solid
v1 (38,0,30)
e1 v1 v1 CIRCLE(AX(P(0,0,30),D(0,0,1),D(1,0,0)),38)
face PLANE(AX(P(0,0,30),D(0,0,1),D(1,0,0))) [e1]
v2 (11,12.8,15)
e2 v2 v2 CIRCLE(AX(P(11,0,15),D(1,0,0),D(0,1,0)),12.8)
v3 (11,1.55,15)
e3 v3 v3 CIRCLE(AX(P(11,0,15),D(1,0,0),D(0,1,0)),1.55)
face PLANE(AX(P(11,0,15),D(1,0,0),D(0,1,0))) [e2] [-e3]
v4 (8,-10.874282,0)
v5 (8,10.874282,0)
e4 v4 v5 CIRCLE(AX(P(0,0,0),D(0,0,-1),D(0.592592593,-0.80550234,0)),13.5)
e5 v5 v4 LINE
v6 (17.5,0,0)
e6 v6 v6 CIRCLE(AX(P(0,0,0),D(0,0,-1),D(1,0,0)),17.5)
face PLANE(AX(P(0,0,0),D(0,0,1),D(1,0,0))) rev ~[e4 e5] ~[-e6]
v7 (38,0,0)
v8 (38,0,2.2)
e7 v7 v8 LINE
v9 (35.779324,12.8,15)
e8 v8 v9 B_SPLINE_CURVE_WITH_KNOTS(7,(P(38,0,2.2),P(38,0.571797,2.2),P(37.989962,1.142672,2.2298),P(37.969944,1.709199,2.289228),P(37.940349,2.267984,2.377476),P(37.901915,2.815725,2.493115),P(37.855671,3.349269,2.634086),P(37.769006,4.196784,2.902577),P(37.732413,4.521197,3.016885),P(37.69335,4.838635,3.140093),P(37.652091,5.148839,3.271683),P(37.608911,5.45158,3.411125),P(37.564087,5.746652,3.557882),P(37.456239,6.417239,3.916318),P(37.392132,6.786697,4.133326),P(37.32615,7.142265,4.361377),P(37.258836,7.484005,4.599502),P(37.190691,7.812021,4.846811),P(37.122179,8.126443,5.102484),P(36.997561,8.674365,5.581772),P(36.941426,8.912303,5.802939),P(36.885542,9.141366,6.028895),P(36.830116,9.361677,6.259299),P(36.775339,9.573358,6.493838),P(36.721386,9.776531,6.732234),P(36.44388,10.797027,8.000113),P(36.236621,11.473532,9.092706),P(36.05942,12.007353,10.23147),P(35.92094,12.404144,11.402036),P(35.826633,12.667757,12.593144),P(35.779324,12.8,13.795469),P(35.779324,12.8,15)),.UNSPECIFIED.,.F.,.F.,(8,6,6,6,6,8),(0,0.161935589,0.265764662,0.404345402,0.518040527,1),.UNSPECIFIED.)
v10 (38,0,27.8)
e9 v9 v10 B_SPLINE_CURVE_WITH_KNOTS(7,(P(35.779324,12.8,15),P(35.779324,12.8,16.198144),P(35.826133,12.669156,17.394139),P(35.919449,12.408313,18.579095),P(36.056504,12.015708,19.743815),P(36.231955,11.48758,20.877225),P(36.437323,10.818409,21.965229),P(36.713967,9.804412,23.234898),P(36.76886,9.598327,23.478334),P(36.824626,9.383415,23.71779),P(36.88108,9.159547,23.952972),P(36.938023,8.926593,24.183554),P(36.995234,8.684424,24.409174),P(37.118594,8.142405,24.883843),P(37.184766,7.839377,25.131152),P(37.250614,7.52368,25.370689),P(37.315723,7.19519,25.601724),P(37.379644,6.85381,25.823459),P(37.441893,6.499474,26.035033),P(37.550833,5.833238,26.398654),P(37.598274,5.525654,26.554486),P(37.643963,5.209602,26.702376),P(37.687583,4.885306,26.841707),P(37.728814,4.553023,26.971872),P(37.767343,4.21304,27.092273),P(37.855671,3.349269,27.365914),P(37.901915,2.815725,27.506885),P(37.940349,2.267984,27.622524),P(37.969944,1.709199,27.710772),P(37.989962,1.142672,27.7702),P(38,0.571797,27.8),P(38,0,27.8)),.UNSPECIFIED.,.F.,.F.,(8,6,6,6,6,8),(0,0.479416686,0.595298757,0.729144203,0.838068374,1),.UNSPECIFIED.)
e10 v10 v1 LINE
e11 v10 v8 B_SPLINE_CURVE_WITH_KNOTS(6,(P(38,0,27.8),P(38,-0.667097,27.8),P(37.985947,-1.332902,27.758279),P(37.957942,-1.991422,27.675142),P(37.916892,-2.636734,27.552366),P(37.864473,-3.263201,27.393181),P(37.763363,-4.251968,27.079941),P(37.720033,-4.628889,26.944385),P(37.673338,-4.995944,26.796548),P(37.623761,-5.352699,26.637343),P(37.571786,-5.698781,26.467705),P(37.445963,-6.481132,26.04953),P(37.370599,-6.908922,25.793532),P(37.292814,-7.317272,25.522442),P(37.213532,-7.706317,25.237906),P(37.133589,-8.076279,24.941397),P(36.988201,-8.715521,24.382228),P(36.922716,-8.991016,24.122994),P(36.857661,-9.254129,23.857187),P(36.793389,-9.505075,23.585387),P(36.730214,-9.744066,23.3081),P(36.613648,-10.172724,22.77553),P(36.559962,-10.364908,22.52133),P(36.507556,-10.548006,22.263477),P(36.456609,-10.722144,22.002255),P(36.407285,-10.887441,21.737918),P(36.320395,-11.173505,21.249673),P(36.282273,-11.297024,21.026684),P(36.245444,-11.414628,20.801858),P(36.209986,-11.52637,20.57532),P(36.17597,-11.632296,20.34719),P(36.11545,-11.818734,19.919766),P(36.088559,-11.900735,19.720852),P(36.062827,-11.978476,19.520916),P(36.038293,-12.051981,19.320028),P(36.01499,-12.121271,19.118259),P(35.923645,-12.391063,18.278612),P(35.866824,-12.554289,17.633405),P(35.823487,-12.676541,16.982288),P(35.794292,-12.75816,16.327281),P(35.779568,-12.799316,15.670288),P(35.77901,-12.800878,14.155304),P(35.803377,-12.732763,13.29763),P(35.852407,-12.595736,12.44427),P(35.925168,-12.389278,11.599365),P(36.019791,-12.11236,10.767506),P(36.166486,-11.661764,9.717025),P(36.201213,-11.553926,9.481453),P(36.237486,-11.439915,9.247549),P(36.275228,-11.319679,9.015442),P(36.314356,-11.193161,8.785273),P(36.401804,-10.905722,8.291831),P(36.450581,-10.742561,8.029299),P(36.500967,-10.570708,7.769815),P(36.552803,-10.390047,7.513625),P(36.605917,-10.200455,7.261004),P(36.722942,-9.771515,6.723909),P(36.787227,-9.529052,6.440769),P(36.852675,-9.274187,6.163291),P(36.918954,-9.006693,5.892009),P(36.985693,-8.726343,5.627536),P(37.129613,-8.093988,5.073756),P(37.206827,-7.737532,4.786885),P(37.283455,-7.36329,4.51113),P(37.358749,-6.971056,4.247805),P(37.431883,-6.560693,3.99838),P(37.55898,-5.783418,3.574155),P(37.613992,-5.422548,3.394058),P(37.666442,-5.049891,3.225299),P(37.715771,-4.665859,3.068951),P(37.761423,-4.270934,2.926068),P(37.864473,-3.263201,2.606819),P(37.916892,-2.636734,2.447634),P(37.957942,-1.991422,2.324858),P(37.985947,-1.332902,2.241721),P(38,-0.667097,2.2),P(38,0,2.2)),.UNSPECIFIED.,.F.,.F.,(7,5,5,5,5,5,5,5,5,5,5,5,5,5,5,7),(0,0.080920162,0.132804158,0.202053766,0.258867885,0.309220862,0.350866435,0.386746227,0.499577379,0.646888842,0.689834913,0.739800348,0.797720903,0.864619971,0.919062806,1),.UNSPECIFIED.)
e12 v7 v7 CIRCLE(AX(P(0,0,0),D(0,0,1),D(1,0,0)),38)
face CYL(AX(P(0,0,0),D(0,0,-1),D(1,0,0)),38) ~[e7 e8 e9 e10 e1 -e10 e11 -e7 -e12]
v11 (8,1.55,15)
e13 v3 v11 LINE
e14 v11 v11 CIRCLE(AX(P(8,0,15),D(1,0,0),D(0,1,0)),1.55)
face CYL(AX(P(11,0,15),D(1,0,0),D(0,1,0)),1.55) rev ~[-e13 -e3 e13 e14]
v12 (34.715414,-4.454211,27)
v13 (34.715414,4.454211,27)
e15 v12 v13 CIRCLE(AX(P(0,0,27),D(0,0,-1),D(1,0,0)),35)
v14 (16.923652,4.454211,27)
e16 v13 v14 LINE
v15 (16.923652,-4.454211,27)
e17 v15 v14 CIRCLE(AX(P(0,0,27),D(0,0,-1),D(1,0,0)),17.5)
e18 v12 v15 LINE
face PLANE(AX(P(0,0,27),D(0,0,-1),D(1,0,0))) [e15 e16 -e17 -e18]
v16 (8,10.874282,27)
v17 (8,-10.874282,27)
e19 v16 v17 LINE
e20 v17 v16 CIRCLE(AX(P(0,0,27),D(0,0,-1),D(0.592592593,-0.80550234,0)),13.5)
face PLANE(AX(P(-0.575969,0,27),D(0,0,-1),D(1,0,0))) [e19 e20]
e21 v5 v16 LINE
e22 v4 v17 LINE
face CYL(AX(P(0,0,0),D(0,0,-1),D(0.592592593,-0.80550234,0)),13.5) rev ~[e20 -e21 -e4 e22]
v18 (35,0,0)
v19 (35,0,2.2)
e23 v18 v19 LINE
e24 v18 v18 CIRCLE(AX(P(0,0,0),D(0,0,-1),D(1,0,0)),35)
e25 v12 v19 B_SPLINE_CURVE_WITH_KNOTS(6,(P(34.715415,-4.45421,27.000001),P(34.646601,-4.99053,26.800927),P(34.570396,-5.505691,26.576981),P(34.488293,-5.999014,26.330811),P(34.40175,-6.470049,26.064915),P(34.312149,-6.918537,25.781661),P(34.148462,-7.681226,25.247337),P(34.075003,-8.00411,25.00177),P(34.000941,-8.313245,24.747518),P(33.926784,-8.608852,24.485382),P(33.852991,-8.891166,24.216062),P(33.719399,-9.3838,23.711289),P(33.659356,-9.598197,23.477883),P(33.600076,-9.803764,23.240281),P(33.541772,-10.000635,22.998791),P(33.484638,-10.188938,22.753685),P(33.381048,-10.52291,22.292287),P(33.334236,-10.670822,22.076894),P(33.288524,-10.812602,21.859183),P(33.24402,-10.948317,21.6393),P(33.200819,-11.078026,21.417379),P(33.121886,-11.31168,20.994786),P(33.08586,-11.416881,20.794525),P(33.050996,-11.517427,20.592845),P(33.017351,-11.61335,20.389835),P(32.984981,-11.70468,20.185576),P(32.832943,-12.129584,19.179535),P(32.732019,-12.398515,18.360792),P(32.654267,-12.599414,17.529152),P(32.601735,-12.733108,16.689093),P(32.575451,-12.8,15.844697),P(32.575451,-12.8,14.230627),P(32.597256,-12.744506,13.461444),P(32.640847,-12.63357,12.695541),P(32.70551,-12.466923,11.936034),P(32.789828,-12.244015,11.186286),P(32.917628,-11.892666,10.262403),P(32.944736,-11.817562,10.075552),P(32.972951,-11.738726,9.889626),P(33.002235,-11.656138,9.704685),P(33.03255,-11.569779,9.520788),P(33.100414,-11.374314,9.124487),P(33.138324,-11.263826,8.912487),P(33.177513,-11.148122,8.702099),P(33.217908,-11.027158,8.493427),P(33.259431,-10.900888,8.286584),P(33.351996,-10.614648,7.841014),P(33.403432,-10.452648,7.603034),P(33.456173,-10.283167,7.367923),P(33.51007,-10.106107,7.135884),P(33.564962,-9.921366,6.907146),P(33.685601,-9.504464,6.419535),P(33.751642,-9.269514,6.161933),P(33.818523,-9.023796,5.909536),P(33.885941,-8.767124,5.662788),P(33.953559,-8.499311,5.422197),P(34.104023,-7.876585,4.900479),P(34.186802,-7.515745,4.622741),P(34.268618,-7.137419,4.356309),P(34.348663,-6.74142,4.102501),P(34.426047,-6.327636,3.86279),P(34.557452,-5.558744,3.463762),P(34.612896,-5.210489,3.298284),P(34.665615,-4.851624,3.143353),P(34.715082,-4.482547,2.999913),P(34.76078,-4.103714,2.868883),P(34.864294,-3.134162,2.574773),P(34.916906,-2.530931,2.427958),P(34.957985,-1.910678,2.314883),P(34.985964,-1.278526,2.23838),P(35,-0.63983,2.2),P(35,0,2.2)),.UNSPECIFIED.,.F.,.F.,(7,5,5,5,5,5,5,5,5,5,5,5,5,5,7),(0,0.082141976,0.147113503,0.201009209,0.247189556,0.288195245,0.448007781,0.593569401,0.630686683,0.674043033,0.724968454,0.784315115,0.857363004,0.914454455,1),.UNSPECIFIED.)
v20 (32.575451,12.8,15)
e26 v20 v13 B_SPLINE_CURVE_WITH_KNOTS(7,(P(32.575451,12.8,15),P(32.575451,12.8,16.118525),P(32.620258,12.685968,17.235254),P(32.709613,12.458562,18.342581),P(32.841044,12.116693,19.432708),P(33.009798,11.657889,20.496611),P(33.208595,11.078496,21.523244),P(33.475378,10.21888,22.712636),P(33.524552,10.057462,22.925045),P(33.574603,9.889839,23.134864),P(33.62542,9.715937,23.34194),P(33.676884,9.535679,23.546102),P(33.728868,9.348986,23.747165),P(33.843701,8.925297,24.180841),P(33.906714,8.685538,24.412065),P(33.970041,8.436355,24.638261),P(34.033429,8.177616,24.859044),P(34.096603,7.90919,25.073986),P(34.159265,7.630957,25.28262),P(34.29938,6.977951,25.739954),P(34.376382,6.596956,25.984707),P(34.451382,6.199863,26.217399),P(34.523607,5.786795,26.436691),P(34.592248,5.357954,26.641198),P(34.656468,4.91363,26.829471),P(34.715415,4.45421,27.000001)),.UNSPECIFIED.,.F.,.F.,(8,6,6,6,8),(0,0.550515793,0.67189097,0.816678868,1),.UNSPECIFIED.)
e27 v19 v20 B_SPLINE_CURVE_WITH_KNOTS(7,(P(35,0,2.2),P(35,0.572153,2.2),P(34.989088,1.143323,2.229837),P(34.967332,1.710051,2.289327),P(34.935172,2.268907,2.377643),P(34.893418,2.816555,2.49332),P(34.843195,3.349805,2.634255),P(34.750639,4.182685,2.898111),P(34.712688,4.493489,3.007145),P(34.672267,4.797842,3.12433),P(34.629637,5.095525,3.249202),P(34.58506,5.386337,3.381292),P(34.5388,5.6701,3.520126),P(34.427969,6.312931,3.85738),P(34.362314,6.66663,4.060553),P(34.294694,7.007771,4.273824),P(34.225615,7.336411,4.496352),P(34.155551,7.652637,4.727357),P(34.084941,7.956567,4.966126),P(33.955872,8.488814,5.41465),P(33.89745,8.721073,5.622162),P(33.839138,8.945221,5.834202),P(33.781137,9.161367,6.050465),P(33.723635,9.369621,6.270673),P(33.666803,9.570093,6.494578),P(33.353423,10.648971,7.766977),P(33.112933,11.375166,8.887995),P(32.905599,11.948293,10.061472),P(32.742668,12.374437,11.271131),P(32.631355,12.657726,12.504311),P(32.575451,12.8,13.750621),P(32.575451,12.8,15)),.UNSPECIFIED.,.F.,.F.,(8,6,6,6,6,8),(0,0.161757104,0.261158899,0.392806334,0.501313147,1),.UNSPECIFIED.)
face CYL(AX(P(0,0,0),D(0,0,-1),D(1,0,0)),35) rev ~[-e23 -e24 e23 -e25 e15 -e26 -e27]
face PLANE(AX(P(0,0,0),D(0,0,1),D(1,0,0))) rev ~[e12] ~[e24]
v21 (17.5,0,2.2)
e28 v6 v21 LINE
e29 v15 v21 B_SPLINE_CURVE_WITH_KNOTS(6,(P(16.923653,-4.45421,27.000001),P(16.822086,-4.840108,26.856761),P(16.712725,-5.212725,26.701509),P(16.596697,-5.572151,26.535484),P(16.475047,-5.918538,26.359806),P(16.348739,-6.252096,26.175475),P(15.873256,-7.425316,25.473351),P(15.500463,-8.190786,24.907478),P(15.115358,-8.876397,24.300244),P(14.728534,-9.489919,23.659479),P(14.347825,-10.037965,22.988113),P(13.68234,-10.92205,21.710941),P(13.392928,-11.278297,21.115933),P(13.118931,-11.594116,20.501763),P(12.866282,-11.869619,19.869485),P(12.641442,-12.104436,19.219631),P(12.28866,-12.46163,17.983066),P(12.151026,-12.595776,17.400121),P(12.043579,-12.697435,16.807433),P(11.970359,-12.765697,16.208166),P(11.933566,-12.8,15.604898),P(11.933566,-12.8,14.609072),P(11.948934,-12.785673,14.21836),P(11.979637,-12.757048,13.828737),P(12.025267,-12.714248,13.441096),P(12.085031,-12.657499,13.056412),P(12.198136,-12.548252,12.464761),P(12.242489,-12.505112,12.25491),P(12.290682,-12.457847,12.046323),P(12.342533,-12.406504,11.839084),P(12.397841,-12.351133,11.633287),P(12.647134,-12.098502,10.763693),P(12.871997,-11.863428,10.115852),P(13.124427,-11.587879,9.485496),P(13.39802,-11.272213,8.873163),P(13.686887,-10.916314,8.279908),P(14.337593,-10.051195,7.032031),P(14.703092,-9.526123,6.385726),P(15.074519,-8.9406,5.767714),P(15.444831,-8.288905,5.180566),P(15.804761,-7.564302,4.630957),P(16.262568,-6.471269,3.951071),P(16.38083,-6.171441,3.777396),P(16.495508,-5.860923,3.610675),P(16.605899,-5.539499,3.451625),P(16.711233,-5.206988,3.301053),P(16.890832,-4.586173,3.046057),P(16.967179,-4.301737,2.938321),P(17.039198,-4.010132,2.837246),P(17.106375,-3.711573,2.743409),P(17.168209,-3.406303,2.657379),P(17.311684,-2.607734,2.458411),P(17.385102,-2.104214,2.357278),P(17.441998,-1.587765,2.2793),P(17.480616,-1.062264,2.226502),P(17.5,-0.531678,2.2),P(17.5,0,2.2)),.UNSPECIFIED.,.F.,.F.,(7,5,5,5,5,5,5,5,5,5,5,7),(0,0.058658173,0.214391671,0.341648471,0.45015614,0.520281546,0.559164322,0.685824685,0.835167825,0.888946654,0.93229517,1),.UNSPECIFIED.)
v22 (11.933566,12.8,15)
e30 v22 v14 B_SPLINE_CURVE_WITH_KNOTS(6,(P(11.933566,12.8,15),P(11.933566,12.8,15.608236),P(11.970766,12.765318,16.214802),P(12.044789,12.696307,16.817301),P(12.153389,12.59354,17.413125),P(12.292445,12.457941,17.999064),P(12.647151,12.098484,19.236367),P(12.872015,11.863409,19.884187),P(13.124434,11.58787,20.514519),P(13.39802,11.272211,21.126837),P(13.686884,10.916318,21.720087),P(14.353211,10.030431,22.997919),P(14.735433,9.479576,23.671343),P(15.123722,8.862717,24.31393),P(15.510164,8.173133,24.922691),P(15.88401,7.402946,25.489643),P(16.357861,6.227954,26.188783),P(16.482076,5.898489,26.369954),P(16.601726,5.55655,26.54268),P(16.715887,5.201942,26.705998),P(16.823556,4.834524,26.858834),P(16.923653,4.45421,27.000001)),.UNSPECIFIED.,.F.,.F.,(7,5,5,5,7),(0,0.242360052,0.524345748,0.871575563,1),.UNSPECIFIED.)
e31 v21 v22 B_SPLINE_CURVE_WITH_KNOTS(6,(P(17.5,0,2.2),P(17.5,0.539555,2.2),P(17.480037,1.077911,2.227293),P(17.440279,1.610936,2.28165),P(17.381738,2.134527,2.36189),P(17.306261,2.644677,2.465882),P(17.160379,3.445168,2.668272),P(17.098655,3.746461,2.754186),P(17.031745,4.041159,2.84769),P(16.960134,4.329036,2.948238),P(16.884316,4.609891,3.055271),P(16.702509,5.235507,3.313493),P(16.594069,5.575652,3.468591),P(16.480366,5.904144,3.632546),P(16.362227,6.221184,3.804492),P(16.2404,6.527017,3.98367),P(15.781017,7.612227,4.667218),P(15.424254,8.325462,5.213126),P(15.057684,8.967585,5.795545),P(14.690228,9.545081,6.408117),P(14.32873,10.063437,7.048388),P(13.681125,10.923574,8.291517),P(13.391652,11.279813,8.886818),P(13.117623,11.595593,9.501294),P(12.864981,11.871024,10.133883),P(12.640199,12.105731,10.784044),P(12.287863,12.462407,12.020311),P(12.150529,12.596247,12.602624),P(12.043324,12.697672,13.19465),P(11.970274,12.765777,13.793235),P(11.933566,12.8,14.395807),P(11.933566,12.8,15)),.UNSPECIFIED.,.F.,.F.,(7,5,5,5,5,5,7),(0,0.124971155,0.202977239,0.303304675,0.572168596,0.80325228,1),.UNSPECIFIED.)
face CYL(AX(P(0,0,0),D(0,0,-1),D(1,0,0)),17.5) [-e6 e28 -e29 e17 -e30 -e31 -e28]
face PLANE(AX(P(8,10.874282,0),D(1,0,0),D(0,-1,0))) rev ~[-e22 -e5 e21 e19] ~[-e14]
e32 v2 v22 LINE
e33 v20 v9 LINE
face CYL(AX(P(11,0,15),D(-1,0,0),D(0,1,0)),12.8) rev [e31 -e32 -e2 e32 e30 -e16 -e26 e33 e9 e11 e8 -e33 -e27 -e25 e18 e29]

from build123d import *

# Parameters (mm, degrees)
F0_R     = 38
F1_DEPTH = 30
F2_R     = 35
F2_R_2   = 17.5
F3_DEPTH = 27
F5_START = 11
F4_R     = 12.8
F5_DEPTH = 35
F7_DEPTH = 27
F8_R     = 1.55
F9_DEPTH = 5


with BuildPart() as f1:
    # F0 (on Top) → F1 (new body)
    with BuildSketch(Plane.XY):
        Circle(F0_R)
    extrude(amount=F1_DEPTH)

    # F2 (on face) → F3 (cut)
    with BuildSketch(Plane(origin=(0, 0, 0), x_dir=(1, 0, 0), z_dir=(0, 0, -1))):
        Circle(F2_R)
        Circle(F2_R_2, mode=Mode.SUBTRACT)
    extrude(amount=-F3_DEPTH, mode=Mode.SUBTRACT)

    # F4 (on Right) → F5 (cut)
    with BuildSketch(Plane.YZ.offset(F5_START)):
        with Locations((0, 15)):
            Circle(F4_R)
    extrude(amount=F5_DEPTH, mode=Mode.SUBTRACT)

    # F6 (on face) → F7 (cut)
    with BuildSketch(Plane(origin=(0, 0, 0), x_dir=(1, 0, 0), z_dir=(0, 0, -1))):
        with BuildLine():
            Line((8, -10.8742815855), (8, 10.8742815855))
            ThreePointArc((8, 10.8742815855), (-13.5, 0), (8, -10.8742815855))
        make_face()
    extrude(amount=-F7_DEPTH, mode=Mode.SUBTRACT)

    # F8 (on face) → F9 (cut)
    with BuildSketch(Plane.YZ.offset(11)):
        with Locations((0, 15)):
            Circle(F8_R)
    extrude(amount=-F9_DEPTH, mode=Mode.SUBTRACT)


solid = f1.part
